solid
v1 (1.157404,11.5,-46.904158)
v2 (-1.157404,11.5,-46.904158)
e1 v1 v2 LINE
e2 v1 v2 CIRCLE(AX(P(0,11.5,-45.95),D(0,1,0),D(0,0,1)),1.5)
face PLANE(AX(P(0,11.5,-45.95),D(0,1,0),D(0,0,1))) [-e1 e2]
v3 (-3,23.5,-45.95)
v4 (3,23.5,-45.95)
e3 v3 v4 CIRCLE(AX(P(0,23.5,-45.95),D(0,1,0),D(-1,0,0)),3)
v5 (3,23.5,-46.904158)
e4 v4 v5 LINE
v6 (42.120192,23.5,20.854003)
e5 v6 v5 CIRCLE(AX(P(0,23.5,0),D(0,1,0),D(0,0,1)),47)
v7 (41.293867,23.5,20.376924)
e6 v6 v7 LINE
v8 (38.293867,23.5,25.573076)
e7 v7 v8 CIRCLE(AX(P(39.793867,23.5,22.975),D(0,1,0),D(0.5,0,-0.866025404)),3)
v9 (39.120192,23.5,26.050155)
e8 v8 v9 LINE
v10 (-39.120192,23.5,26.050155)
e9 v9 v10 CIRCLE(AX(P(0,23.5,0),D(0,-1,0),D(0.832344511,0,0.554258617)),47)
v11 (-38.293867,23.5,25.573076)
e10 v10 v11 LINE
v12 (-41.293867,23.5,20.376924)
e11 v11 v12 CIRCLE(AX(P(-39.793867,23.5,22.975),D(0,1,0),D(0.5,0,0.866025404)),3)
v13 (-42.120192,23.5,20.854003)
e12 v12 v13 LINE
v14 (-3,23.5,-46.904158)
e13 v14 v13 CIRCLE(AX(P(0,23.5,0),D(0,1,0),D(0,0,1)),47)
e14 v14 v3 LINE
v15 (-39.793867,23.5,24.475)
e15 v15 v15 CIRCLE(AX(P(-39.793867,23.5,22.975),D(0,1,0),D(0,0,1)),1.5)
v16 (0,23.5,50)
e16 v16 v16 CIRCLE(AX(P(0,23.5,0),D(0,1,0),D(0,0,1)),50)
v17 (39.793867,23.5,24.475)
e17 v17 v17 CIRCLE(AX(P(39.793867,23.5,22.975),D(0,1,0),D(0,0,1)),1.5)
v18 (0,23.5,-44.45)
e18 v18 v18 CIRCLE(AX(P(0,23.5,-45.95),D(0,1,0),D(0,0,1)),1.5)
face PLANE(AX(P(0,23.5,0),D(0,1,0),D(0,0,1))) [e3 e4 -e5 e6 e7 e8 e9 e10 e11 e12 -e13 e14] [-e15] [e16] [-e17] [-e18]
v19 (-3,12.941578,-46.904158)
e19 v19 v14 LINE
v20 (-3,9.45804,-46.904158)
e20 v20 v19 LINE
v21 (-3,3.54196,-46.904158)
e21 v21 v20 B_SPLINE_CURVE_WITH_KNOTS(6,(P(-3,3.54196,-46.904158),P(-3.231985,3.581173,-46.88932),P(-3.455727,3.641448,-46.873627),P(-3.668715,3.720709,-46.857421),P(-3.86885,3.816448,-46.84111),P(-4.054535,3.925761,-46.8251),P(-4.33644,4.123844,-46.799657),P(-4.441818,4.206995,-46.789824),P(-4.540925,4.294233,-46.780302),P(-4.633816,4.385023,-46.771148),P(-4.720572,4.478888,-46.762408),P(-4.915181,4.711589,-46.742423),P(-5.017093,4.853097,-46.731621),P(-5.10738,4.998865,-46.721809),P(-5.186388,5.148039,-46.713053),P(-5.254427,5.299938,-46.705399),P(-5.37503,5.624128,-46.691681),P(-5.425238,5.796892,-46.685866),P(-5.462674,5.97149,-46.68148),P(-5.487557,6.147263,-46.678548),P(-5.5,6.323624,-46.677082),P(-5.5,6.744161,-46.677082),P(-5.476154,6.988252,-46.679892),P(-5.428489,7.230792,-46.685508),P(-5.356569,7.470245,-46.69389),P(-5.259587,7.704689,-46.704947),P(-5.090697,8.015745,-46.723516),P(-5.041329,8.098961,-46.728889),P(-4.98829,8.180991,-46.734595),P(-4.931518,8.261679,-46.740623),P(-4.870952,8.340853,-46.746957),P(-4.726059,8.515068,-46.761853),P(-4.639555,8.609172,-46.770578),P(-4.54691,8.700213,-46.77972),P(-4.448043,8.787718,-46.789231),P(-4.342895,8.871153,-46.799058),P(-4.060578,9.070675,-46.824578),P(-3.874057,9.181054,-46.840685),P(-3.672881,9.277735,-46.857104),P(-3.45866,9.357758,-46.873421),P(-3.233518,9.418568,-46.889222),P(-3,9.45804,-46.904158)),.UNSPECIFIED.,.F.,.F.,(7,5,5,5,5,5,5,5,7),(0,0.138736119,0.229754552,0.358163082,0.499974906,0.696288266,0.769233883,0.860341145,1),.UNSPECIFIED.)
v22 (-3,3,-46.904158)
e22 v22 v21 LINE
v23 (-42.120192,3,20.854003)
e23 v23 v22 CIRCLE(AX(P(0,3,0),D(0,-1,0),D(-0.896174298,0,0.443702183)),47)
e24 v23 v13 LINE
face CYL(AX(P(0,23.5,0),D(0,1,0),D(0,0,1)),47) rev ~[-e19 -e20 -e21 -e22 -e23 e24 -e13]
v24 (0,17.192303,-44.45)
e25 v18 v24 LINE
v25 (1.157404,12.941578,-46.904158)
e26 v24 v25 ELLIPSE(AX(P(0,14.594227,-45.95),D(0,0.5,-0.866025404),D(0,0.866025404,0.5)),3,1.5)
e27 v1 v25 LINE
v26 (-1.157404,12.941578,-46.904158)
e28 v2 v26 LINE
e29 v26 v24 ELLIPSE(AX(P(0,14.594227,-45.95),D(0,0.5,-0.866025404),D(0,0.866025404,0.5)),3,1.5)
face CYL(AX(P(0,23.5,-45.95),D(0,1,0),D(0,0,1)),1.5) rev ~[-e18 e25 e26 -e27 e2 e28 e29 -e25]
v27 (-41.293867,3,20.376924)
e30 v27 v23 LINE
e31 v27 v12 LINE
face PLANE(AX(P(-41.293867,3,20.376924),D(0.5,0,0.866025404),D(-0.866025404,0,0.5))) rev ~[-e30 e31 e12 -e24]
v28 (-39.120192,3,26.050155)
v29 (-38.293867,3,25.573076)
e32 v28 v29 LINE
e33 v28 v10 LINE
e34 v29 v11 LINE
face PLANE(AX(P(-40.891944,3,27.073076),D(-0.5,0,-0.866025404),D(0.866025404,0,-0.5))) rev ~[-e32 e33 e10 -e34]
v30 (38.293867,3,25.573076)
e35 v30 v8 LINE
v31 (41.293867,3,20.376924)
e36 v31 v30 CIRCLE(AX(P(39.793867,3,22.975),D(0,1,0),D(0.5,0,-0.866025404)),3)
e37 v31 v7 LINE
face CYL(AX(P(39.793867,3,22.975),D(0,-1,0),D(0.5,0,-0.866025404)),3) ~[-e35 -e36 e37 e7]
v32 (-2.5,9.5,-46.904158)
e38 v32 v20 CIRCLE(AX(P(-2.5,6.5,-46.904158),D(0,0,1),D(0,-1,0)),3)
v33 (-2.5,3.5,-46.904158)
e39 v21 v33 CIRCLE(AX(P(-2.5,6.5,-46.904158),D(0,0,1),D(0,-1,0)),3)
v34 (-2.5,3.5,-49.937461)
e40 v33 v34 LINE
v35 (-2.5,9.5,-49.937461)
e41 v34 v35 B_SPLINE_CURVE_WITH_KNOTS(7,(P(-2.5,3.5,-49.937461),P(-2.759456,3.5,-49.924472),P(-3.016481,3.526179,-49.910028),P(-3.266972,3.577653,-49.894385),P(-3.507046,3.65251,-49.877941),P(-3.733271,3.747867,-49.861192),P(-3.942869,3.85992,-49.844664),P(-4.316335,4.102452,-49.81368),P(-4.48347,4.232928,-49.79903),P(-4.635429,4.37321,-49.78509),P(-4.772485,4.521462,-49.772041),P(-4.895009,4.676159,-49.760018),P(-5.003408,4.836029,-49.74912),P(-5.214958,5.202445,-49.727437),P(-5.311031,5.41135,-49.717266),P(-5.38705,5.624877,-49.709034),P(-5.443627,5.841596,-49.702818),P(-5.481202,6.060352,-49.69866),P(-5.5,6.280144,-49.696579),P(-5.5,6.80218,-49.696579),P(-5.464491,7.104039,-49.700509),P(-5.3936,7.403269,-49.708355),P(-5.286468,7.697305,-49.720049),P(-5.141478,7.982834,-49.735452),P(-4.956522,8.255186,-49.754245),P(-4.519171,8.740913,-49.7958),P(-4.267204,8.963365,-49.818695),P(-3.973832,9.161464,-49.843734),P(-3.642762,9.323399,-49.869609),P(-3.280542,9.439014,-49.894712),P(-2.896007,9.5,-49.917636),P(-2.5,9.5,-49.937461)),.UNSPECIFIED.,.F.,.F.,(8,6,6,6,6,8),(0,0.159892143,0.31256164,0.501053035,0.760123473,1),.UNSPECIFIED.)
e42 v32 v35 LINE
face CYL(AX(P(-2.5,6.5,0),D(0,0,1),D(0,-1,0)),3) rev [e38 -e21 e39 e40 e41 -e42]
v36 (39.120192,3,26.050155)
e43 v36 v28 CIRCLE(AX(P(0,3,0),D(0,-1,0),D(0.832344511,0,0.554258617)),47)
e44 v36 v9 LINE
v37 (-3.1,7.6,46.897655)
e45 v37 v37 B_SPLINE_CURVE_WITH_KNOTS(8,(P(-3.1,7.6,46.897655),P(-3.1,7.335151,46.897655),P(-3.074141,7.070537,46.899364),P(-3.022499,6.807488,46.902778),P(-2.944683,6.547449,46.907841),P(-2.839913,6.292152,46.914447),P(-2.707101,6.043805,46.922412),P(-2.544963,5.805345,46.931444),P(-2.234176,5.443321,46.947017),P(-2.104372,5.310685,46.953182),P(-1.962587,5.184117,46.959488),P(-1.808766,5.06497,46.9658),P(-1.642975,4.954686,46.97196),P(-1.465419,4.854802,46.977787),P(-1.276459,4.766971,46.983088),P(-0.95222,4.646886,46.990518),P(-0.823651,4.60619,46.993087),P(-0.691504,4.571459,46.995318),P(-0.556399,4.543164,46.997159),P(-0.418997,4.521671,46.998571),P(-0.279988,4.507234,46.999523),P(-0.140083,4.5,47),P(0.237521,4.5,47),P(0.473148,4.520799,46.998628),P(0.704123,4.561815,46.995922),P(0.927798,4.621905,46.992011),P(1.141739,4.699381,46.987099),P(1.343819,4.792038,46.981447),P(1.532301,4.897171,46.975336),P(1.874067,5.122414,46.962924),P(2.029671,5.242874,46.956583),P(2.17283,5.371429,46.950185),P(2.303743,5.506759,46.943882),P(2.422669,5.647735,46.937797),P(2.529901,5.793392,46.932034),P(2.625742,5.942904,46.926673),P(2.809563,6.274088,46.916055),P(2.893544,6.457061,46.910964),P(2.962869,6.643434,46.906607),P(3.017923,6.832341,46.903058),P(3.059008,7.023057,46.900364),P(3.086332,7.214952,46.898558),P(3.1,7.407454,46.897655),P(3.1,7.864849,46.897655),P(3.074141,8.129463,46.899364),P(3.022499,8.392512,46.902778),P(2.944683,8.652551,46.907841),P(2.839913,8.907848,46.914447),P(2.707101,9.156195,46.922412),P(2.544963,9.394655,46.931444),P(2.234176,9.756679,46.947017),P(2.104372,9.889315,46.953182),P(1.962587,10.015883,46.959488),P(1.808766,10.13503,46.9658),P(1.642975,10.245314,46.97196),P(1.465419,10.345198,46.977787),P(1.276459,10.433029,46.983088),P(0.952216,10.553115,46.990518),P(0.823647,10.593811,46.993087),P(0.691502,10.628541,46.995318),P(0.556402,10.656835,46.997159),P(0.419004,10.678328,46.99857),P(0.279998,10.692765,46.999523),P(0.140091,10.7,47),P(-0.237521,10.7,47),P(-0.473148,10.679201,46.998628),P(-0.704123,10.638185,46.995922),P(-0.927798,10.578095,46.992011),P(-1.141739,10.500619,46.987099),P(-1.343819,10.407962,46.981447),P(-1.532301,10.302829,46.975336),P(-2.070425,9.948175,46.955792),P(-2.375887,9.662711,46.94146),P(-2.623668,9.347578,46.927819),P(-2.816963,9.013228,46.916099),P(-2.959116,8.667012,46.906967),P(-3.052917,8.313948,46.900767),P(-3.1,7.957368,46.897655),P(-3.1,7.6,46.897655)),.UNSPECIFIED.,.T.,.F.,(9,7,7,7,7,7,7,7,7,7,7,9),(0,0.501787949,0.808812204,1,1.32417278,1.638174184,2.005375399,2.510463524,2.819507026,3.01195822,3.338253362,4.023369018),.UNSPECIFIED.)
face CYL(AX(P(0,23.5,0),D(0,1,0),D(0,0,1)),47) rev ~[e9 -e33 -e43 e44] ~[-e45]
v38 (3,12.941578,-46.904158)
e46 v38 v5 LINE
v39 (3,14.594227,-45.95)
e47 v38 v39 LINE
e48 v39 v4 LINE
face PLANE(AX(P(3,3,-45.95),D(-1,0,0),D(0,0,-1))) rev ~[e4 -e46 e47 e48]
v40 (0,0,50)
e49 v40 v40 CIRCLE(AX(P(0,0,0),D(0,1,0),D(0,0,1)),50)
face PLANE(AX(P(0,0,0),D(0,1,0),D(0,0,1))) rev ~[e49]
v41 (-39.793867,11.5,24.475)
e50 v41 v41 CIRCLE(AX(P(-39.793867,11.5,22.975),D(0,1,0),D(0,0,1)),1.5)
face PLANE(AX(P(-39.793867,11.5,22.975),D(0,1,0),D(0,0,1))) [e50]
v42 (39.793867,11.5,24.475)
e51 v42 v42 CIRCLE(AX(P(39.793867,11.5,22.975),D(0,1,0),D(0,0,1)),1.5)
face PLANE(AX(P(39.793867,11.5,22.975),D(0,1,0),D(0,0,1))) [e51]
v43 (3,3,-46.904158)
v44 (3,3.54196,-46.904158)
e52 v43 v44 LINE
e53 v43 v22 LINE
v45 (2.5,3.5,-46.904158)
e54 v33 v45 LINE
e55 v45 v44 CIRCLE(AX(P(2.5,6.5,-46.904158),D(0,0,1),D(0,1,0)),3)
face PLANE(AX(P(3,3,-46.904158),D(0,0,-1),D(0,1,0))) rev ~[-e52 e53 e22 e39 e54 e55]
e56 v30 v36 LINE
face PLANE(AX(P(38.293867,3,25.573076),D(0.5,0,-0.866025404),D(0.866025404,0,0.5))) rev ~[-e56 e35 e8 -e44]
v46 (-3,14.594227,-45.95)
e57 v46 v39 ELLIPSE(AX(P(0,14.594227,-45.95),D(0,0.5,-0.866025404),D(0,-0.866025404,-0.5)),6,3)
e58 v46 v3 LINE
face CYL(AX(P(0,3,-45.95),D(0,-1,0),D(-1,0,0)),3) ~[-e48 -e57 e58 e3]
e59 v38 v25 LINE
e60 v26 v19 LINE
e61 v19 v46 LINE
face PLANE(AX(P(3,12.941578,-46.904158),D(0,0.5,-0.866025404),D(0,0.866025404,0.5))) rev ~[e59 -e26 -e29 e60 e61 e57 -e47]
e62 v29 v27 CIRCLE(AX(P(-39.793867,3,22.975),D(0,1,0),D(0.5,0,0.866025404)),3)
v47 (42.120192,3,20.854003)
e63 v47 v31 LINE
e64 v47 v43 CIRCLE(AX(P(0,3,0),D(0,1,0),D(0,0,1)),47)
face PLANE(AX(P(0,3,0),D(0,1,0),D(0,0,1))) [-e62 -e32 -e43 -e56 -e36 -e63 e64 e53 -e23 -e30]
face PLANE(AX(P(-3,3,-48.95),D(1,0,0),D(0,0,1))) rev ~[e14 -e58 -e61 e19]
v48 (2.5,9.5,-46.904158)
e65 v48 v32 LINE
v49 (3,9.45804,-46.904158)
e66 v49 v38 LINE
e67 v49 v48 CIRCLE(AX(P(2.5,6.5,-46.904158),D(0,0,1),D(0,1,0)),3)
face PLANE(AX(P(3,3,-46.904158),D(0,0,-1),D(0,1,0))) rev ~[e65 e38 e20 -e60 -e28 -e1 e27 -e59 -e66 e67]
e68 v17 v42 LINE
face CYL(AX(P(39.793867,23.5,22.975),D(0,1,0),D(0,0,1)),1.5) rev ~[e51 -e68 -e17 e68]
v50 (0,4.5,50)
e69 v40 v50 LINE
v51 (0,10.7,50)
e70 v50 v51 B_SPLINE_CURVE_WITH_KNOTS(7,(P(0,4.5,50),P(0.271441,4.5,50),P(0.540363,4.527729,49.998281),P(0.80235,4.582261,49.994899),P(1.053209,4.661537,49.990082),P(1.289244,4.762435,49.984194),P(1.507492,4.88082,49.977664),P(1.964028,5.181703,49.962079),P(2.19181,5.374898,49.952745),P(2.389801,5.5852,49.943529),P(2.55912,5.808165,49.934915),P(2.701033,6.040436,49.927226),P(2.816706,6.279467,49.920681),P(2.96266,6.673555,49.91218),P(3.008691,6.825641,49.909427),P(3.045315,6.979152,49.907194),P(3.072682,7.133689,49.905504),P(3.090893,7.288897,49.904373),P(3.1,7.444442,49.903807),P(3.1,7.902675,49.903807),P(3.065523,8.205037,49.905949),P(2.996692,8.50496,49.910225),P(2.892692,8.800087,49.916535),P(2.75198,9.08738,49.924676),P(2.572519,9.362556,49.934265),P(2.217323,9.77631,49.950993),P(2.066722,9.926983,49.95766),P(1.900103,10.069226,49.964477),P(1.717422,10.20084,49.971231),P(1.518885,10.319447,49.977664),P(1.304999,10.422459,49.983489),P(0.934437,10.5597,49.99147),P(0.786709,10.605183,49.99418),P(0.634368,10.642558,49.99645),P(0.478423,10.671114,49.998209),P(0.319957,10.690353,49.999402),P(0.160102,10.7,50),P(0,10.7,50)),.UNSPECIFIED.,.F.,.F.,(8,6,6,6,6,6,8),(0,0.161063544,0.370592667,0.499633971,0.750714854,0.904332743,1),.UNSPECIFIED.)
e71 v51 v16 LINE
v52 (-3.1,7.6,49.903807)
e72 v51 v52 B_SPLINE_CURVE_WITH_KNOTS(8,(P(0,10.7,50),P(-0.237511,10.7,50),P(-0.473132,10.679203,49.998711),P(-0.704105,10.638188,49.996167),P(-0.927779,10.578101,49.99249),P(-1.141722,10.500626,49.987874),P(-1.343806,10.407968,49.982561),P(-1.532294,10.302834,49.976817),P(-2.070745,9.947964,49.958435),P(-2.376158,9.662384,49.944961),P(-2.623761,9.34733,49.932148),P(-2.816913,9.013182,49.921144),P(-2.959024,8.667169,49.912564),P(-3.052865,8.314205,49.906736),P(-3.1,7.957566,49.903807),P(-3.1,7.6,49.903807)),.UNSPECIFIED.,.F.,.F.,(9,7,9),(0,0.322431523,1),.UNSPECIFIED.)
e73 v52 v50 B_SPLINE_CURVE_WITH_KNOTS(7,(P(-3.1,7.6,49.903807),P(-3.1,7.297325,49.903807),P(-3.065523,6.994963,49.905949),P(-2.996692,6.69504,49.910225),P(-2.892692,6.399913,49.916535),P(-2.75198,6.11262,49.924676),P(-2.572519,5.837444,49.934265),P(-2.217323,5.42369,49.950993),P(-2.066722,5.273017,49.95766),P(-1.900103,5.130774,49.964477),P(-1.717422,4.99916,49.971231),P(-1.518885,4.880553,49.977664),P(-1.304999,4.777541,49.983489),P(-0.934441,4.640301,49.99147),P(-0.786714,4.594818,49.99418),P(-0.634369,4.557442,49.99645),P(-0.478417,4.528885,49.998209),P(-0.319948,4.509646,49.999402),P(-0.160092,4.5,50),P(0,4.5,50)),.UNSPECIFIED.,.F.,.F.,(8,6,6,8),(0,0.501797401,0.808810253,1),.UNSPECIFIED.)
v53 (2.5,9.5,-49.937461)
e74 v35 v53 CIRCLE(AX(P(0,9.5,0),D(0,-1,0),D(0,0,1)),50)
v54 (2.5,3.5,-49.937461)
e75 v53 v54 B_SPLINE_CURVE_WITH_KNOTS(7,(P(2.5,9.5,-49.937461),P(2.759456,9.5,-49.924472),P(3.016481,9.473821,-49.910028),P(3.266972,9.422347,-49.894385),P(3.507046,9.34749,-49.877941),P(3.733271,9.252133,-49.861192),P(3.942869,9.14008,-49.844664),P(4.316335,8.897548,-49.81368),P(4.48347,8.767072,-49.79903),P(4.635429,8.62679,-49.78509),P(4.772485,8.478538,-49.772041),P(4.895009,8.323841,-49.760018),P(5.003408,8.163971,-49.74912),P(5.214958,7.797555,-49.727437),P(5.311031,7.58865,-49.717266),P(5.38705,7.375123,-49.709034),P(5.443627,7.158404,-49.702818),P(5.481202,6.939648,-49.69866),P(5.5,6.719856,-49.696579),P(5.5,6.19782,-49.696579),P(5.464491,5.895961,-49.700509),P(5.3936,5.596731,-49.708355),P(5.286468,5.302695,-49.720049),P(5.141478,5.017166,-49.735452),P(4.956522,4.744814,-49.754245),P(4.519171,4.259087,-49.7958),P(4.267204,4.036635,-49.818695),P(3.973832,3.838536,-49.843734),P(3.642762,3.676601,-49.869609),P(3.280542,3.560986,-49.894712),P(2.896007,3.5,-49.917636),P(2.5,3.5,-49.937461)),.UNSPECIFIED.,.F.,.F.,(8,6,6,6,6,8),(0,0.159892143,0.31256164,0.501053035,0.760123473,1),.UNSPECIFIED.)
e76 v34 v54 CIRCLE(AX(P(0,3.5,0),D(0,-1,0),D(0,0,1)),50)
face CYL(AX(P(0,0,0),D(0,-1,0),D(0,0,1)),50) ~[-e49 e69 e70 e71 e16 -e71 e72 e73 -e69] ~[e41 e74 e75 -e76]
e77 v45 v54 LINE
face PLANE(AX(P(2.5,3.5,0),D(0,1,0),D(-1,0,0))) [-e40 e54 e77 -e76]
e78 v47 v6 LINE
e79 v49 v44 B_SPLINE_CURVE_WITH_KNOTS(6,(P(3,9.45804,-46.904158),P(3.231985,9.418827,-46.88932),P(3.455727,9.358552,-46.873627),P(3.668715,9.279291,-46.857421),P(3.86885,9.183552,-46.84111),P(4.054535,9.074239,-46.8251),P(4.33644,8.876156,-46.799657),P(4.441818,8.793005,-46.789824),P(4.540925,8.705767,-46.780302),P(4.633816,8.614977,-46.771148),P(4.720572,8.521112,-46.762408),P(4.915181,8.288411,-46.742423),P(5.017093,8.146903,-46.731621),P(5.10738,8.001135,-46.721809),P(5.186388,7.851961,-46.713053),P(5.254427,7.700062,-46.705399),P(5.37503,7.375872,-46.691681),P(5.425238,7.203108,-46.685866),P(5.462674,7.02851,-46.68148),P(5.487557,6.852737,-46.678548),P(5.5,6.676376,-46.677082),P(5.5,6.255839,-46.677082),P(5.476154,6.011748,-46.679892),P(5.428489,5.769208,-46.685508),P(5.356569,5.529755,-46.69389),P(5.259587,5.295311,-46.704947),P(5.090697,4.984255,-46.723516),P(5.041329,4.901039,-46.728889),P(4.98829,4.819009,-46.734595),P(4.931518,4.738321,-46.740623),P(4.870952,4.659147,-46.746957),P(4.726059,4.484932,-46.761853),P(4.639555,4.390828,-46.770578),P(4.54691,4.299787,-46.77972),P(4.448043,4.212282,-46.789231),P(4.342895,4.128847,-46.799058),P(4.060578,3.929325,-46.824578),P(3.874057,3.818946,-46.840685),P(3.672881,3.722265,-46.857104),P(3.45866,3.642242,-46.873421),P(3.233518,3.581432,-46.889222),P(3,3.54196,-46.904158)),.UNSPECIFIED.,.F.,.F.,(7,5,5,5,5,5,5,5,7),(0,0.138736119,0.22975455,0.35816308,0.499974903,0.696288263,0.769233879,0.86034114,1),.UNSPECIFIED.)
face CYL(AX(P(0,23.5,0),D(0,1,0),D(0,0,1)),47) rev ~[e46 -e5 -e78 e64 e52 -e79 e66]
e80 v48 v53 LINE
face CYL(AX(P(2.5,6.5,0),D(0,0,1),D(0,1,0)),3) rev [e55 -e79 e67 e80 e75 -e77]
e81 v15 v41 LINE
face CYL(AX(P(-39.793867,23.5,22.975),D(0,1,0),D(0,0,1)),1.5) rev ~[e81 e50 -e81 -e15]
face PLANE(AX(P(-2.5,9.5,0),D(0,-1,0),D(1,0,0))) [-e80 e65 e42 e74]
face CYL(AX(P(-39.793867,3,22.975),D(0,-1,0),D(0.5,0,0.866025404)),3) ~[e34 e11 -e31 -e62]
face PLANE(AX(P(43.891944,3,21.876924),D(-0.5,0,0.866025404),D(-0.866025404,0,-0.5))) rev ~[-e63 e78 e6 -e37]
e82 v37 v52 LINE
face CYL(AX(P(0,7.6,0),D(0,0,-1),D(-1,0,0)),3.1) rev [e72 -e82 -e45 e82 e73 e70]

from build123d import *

# Parameters (mm, degrees)
SKETCH2_R               = 50
BOSS_EXTRUDE1_DEPTH     = 23.5
SKETCH3_R               = 47
CUT_EXTRUDE1_DEPTH      = 20.5
BOSS_EXTRUDE2_DEPTH     = 20.5
SKETCH7_R               = 1.5
CUT_EXTRUDE3_DEPTH      = 12
SKETCH8_R               = 3.1
CUT_EXTRUDE4_DEPTH      = 75.51342161
CUT_EXTRUDE5_REACH      = 78.559
CUT_EXTRUDE5_END_RADIUS = 47
CUT_EXTRUDE6_DEPTH      = 75.513421776


with BuildPart() as part:
    # Sketch2 → Boss-Extrude1 (new body)
    with BuildSketch(Plane(origin=(0, 0, 0), x_dir=(1, 0, 0), z_dir=(0, 1, 0))):
        with Locations(Location((0, 0, 0), (0, 0, 270))):
            Circle(SKETCH2_R)
    extrude(amount=BOSS_EXTRUDE1_DEPTH)

    # Sketch3 → Cut-Extrude1 (cut)
    with BuildSketch(Plane(origin=(0, 23.5, 0), x_dir=(1, 0, 0), z_dir=(0, 1, 0))):
        with Locations(Location((0, 0, 0), (0, 0, 270))):
            Circle(SKETCH3_R)
    extrude(amount=-CUT_EXTRUDE1_DEPTH, mode=Mode.SUBTRACT)

    # Sketch4 → Boss-Extrude2 (add)
    with BuildSketch(Plane(origin=(0, 3, 0), x_dir=(1, 0, 0), z_dir=(0, 1, 0))):
        with BuildLine():
            Line((3, 48.95), (-3, 48.95))
            Line((-3, 48.95), (-3, 45.95))
            ThreePointArc((-3, 45.95), (0, 42.95), (3, 45.95))
            Line((3, 45.95), (3, 48.95))
        make_face()
        with BuildLine():
            Line((43.891943515, -21.876923789), (41.293867304, -20.376923789))
            ThreePointArc((41.293867304, -20.376923789), (37.195791093, -21.475), (38.293867304, -25.573076211))
            Line((38.293867304, -25.573076211), (40.891943515, -27.073076211))
            Line((40.891943515, -27.073076211), (43.891943515, -21.876923789))
        make_face()
        with BuildLine():
            Line((-40.891943515, -27.073076211), (-38.293867304, -25.573076211))
            ThreePointArc((-38.293867304, -25.573076211), (-37.195791093, -21.475), (-41.293867304, -20.376923789))
            Line((-41.293867304, -20.376923789), (-43.891943515, -21.876923789))
            Line((-43.891943515, -21.876923789), (-40.891943515, -27.073076211))
        make_face()
    extrude(amount=BOSS_EXTRUDE2_DEPTH)

    # Sketch7 → Cut-Extrude3 (cut)
    with BuildSketch(Plane(origin=(0, 23.5, 0), x_dir=(1, 0, 0), z_dir=(0, 1, 0))):
        with Locations(Location((0, 45.95, 0), (0, 0, 270))):
            Circle(SKETCH7_R)
        with Locations(Location((39.793867304, -22.975, 0), (0, 0, 270))):
            Circle(SKETCH7_R)
        with Locations(Location((-39.793867304, -22.975, 0), (0, 0, 270))):
            Circle(SKETCH7_R)
    extrude(amount=-CUT_EXTRUDE3_DEPTH, mode=Mode.SUBTRACT)

    # Sketch8 → Cut-Extrude4 (cut, through all)
    with BuildSketch(Plane.XY):
        with Locations(Location((0, 7.6, 0), (0, 0, 180))):
            Circle(SKETCH8_R)
    extrude(amount=CUT_EXTRUDE4_DEPTH, mode=Mode.SUBTRACT)

    # Cut-Extrude5: up to this cylinder (the profile starts inside it)
    cut_extrude5_end = Plane(origin=(0, 10.013188, 0), z_dir=(0, 1, 0)) * Cylinder(CUT_EXTRUDE5_END_RADIUS, 252.118, mode=Mode.PRIVATE)
    # Sketch9 → Cut-Extrude5 (cut, up to the surface)
    with BuildSketch(Plane(origin=(3, 0, 0), x_dir=(0, 0, -1), z_dir=(1, 0, 0)), mode=Mode.PRIVATE) as cut_extrude5_sk1:
        Polygon((46.904157598, 12.941577654), (42.581578264, 20.428504681), (42.581578264, 3), (46.904157598, 3), align=None)
    cut_extrude5_tool1 = extrude(cut_extrude5_sk1.sketch, amount=-CUT_EXTRUDE5_REACH, mode=Mode.PRIVATE) & cut_extrude5_end
    add(cut_extrude5_tool1.solids().sort_by_distance((3, 10.013188, -44.545799))[0], mode=Mode.SUBTRACT)

    # Sketch11 → Cut-Extrude6 (cut, through all)
    with BuildSketch(Plane.XY):
        with BuildLine():
            Line((-2.5, 9.5), (2.5, 9.5))
            ThreePointArc((2.5, 9.5), (5.5, 6.5), (2.5, 3.5))
            Line((2.5, 3.5), (-2.5, 3.5))
            ThreePointArc((-2.5, 3.5), (-5.5, 6.5), (-2.5, 9.5))
        make_face()
    extrude(amount=-CUT_EXTRUDE6_DEPTH, mode=Mode.SUBTRACT)


solid = part.part
